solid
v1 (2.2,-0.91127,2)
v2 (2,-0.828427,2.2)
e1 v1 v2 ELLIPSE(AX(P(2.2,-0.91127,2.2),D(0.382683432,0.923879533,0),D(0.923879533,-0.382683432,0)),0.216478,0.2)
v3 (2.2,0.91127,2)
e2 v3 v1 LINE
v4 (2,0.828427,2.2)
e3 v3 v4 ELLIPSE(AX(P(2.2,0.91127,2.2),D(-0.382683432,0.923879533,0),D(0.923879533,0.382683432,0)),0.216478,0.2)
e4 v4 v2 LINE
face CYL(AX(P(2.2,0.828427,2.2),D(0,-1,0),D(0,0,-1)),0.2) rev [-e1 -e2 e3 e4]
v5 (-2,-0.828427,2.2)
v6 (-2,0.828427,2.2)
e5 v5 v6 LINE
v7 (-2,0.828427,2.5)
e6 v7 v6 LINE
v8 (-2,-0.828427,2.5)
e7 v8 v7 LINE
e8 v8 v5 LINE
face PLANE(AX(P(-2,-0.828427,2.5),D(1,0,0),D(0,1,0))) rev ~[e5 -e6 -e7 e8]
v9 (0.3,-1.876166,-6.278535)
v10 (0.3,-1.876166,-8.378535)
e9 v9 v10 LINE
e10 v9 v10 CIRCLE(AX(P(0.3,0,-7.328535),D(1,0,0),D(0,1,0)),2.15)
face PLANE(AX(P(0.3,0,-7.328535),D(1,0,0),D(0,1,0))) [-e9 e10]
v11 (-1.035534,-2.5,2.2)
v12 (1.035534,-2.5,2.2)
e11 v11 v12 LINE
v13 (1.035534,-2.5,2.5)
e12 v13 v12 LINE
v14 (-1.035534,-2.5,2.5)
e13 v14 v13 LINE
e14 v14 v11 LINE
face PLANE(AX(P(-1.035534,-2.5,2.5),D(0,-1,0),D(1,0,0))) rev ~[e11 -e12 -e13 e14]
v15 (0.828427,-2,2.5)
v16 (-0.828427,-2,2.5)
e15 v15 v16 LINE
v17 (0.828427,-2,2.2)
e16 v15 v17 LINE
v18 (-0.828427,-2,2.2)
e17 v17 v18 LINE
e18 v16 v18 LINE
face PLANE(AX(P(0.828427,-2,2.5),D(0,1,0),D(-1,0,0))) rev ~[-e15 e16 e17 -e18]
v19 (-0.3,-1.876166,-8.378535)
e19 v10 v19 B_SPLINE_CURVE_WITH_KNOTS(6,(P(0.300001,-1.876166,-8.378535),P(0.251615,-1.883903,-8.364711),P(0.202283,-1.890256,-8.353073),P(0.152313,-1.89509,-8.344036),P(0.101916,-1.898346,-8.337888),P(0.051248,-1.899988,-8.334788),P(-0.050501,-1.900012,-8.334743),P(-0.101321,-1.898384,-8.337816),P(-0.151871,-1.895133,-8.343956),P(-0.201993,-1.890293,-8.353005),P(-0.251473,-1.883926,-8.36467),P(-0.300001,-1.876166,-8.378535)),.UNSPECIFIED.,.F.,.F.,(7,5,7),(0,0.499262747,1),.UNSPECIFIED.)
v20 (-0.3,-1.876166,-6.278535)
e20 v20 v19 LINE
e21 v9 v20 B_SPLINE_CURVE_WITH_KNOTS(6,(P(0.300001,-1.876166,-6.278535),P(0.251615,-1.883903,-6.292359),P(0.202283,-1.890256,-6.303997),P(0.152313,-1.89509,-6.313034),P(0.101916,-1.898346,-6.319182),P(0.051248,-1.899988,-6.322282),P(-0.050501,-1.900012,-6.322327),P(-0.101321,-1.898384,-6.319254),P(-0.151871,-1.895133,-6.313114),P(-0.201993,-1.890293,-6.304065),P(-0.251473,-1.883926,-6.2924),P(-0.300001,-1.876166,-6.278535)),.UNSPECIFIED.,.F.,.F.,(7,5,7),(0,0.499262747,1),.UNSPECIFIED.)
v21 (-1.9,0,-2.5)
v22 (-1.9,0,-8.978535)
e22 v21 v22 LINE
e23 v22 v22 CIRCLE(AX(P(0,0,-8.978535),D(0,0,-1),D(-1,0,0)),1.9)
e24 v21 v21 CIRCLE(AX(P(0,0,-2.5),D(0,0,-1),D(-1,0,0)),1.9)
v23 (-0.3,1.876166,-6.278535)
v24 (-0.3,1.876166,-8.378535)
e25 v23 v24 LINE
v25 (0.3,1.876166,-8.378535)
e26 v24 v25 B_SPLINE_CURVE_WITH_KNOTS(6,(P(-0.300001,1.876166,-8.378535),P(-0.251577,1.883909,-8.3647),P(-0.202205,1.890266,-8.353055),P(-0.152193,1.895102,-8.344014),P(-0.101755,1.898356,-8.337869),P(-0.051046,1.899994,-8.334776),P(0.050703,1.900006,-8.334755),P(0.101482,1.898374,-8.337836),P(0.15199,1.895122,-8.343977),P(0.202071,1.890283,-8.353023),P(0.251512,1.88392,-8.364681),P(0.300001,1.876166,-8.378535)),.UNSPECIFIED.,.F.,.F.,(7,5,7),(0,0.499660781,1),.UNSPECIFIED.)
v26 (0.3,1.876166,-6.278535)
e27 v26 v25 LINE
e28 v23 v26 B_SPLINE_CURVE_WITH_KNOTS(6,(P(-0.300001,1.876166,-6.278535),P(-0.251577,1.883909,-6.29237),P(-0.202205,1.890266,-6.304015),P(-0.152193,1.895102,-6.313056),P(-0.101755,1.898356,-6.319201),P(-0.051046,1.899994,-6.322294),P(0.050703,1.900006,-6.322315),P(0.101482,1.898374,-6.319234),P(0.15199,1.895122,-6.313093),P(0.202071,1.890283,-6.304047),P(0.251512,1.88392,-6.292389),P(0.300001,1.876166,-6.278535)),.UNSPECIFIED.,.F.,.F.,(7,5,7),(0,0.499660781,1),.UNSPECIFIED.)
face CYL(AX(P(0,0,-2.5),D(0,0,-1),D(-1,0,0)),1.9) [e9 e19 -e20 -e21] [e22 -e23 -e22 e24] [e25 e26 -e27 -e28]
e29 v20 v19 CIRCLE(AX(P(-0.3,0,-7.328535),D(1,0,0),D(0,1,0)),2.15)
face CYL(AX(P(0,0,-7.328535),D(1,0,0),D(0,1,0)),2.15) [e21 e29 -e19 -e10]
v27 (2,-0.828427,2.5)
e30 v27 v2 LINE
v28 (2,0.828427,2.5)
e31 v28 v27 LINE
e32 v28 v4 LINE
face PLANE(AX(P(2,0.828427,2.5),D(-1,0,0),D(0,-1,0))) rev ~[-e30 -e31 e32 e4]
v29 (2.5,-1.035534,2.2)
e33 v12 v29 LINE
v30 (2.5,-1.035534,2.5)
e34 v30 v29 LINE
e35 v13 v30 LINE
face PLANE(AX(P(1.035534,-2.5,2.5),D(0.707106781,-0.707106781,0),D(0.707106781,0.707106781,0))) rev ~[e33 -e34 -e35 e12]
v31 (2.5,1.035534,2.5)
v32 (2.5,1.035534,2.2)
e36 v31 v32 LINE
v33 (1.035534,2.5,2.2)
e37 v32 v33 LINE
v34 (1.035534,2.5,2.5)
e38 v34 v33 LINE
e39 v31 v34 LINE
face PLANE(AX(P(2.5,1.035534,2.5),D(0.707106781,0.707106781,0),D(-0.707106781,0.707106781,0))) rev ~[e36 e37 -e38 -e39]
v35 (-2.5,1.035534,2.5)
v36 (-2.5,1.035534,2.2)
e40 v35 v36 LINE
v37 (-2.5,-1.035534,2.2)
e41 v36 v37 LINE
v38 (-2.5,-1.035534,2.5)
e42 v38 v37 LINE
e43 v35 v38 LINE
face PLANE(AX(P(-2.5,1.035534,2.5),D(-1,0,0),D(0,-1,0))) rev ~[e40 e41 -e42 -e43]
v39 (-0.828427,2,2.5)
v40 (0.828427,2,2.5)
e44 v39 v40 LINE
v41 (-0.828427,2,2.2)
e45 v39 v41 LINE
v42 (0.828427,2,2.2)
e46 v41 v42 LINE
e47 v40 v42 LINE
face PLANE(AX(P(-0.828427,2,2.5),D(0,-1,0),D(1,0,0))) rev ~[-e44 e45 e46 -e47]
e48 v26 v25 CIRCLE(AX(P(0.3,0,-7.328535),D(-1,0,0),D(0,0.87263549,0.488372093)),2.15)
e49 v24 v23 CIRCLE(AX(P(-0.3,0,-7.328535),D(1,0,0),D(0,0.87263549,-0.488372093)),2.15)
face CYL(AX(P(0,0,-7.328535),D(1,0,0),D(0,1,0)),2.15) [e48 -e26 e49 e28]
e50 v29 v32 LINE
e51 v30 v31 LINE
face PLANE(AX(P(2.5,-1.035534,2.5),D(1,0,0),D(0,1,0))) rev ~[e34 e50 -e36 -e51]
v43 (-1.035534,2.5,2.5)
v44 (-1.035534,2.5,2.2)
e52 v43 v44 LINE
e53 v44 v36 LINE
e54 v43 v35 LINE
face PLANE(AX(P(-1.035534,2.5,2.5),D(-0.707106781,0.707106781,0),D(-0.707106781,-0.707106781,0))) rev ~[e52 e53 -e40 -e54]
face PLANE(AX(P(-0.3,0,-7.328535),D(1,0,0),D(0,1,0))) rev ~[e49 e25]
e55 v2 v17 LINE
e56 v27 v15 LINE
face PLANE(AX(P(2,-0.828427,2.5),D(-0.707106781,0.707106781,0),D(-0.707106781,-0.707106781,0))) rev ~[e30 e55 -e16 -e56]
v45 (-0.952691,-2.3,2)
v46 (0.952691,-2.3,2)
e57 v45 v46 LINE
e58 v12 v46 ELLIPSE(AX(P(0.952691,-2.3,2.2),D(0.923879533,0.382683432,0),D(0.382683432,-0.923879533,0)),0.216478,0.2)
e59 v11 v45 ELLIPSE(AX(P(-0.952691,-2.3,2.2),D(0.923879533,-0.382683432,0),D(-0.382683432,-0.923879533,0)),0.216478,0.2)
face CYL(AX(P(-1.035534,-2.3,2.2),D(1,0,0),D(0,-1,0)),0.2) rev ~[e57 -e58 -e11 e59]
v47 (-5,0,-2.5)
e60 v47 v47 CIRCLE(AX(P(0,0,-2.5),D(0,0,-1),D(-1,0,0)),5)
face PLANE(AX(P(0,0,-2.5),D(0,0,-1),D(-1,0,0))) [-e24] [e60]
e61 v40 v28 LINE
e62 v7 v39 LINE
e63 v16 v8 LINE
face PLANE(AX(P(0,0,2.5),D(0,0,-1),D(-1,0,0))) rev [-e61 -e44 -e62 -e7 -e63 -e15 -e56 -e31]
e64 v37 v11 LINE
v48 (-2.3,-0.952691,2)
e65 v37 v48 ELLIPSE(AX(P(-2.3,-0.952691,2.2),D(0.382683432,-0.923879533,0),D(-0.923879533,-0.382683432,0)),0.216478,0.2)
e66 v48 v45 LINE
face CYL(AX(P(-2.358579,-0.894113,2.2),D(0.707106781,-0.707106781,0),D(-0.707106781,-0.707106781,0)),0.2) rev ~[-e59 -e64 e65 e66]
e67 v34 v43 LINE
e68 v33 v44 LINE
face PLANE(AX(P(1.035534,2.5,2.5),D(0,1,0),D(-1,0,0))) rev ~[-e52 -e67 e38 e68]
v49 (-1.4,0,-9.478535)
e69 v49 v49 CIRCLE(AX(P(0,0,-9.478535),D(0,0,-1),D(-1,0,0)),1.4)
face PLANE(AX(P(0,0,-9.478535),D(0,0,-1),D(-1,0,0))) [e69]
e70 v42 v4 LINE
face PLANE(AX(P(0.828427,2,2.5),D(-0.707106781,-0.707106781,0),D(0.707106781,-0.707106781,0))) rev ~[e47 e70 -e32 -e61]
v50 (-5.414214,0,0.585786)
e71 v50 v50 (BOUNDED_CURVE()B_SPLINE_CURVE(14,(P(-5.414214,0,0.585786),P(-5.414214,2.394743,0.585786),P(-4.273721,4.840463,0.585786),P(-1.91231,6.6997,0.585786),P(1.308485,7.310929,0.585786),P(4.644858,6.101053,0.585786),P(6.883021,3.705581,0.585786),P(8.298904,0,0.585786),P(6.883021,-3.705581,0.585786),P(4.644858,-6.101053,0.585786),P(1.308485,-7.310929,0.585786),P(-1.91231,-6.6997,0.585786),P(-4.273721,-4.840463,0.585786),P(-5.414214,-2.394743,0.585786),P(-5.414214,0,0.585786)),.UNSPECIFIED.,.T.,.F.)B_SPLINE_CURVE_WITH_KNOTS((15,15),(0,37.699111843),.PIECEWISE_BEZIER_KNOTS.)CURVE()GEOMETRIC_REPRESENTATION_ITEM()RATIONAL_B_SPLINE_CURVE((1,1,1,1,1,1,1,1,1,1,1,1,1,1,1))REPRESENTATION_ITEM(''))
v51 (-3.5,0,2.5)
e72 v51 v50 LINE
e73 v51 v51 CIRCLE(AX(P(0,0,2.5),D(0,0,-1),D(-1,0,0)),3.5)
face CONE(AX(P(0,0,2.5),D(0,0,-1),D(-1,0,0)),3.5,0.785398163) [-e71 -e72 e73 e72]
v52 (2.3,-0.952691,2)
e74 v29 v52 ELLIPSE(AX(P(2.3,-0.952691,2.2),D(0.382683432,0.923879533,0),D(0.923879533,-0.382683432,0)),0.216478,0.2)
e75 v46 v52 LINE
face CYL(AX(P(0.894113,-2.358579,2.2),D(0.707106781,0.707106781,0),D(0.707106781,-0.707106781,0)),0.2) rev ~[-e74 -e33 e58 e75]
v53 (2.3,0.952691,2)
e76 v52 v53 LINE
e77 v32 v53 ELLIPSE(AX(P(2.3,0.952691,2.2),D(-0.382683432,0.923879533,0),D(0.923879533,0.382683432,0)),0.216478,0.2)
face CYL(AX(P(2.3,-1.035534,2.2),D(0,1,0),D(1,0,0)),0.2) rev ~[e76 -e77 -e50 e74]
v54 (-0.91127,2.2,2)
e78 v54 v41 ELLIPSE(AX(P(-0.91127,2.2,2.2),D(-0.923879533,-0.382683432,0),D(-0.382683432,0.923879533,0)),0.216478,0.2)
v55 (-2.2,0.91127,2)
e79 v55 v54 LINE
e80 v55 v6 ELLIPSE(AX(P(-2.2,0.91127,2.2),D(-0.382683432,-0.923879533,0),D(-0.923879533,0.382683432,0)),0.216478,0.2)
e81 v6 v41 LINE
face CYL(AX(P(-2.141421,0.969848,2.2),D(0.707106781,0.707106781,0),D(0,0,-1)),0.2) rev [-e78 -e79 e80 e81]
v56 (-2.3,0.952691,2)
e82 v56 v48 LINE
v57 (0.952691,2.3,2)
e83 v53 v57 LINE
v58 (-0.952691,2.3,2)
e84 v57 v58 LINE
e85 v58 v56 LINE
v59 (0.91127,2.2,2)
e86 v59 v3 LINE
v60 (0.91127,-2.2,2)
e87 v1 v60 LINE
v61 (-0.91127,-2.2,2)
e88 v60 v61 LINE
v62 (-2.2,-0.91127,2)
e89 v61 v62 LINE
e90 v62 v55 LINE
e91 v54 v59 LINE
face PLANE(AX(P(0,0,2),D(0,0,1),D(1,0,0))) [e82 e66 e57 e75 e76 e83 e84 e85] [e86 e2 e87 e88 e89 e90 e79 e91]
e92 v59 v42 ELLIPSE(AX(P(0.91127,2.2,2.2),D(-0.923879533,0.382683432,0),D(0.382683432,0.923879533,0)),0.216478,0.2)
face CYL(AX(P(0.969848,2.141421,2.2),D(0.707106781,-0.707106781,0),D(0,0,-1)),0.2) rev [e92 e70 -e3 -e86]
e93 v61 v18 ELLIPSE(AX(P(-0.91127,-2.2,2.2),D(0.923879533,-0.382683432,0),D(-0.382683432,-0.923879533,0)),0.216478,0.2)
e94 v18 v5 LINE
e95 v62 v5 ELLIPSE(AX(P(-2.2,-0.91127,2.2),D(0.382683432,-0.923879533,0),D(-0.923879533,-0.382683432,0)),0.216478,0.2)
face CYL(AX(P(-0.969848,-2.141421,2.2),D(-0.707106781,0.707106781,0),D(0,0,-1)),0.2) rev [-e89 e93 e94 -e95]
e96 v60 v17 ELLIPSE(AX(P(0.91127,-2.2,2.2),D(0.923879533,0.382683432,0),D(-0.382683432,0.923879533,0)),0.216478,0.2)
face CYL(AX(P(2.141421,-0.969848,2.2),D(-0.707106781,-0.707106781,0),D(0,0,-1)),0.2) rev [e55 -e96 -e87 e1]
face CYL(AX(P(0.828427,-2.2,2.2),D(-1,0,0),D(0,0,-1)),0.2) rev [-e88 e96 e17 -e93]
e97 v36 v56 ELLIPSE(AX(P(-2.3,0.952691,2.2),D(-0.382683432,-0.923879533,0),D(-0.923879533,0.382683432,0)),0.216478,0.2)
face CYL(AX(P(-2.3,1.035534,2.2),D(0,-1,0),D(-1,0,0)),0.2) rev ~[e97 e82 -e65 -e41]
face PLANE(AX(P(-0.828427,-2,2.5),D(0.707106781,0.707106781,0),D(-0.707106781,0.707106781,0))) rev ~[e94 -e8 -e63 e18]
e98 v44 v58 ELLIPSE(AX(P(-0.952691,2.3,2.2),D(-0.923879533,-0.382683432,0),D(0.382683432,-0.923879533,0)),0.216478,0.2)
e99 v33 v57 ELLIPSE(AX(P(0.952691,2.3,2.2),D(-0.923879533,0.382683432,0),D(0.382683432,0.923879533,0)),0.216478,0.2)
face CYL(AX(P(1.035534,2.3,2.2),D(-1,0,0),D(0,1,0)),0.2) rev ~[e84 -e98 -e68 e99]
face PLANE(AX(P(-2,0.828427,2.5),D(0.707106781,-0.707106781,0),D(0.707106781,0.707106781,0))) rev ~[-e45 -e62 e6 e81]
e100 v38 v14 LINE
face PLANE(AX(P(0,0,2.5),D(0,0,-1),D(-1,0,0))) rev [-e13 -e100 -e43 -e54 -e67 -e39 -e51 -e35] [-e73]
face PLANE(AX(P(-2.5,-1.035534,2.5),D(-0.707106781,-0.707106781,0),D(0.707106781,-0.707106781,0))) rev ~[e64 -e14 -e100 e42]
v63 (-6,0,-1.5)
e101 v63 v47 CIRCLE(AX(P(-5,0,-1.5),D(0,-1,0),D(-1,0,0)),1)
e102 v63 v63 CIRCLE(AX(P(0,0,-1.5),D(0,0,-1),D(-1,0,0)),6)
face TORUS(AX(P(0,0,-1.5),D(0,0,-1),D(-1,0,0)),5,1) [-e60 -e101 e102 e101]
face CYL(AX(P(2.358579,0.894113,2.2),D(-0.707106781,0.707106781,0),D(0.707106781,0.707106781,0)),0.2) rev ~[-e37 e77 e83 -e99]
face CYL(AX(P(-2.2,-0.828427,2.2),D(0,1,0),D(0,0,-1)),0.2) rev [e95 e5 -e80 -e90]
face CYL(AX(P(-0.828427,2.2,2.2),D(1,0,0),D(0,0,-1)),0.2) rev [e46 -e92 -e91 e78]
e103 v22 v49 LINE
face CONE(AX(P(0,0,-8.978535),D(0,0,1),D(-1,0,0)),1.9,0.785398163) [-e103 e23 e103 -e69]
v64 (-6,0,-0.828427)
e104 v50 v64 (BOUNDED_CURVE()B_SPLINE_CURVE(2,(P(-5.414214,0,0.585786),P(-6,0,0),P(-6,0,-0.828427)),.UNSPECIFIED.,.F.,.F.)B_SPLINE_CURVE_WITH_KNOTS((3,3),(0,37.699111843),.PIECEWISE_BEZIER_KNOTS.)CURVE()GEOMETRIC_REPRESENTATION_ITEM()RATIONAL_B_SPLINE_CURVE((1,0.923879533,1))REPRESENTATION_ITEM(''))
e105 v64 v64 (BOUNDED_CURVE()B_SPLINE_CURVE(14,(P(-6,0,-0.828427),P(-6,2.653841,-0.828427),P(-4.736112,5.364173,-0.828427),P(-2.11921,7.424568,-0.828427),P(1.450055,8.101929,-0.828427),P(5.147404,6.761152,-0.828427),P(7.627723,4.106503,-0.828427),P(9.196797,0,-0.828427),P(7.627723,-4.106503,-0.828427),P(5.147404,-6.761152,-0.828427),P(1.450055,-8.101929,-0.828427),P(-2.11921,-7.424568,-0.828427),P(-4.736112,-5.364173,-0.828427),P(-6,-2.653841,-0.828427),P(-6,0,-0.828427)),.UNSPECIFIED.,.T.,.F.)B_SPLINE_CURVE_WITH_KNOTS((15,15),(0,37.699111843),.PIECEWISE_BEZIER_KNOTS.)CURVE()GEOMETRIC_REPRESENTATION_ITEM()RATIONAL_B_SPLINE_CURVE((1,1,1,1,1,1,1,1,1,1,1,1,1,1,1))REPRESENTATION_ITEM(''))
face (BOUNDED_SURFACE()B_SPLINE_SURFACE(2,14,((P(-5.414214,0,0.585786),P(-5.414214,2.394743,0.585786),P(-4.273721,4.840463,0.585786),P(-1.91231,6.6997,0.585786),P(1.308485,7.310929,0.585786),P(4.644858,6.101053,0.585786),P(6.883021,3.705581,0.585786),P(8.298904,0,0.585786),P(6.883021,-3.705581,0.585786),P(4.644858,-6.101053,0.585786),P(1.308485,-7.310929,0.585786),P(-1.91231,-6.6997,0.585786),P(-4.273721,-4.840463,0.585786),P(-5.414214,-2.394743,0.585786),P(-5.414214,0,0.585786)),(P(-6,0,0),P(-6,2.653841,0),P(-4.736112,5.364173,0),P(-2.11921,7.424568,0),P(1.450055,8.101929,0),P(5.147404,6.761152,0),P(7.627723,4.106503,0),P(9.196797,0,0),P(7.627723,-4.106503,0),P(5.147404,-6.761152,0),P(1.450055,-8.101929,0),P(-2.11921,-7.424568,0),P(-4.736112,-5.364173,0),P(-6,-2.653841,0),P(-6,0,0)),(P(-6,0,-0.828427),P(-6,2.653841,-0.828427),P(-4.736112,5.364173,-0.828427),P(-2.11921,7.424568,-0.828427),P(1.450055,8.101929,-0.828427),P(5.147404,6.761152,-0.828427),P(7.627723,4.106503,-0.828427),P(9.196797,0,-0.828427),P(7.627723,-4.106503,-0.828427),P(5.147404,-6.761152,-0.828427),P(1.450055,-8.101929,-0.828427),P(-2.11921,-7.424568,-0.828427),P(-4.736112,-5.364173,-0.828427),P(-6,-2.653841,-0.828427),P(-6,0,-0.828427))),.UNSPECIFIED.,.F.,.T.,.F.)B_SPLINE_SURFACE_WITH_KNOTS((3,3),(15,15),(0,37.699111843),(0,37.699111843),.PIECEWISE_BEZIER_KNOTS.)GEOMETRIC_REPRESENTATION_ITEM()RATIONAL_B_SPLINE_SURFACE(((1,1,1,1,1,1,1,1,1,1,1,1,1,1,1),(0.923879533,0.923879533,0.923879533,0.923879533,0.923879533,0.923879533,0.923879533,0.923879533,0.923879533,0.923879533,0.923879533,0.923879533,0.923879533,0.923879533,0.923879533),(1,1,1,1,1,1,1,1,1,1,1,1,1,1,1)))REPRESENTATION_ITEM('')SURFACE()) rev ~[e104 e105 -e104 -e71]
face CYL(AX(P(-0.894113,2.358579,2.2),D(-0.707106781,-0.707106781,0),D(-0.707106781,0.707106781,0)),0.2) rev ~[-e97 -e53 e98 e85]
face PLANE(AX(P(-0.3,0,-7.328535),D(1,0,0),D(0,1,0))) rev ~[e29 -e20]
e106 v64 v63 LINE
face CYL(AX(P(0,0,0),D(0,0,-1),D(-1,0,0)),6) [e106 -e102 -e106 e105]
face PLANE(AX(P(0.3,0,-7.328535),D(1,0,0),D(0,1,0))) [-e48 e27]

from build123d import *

# Parameters (mm, degrees)
F2_R     = 2
F3_R     = 1
F4_R     = 2.15
F5_DEPTH = 0.3
F7_DEPTH = 0.5
F8_R     = 0.2
F9_SIZE  = 0.5


with BuildPart() as f1:
    # F0 (on Front) → F1 (revolve)
    with BuildSketch(Plane.XZ):
        Polygon((-1.9, -9.478535), (0, -9.478535), (0, 2.5), (-3.5, 2.5), (-6, 0), (-6, -2.5), (-1.9, -2.5), align=None)
    revolve(axis=Axis((0, 0, -3.489268), (0, 0, -1)))

    # F2
    f2_edges = [f1.edges().sort_by_distance(p)[0] for p in [
        (6, 0, 0),
    ]]
    fillet(f2_edges, radius=F2_R)

    # F3
    f3_edges = [f1.edges().sort_by_distance(p)[0] for p in [
        (6, 0, -2.5),
    ]]
    fillet(f3_edges, radius=F3_R)

    # F4 (on Right) → F5 (join, symmetric)
    with BuildSketch(Plane.YZ):
        with Locations((0, -7.328535)):
            Circle(F4_R)
    extrude(amount=F5_DEPTH, both=True)

    # F6 (on face) → F7 (cut)
    with BuildSketch(Plane.XY.offset(2.5)):
        Polygon((-1.035534, 2.5), (-2.5, 1.035534), (-2.5, -1.035534), (-1.035534, -2.5), (1.035534, -2.5), (2.5, -1.035534), (2.5, 1.035534), (1.035534, 2.5), align=None)
        Polygon((-2, -0.828427), (-2, 0.828427), (-0.828427, 2), (0.828427, 2), (2, 0.828427), (2, -0.828427), (0.828427, -2), (-0.828427, -2), align=None, mode=Mode.SUBTRACT)
    extrude(amount=-F7_DEPTH, mode=Mode.SUBTRACT)

    # F8
    f8_edges = [f1.edges().sort_by_distance(p)[0] for p in [
        (-1.767767, 1.767767, 2),
        (-2.5, 0, 2),
        (-1.767767, -1.767767, 2),
        (0, -2.5, 2),
        (1.767767, -1.767767, 2),
        (2.5, 0, 2),
        (1.767767, 1.767767, 2),
        (0, 2.5, 2),
        (0, -2, 2),
        (-1.414214, -1.414214, 2),
        (-2, 0, 2),
        (-1.414214, 1.414214, 2),
        (0, 2, 2),
        (1.414214, 1.414214, 2),
        (2, 0, 2),
        (1.414214, -1.414214, 2),
    ]]
    fillet(f8_edges, radius=F8_R)

    # F9
    f9_edges = [f1.edges().sort_by_distance(p)[0] for p in [
        (1.9, 0, -9.478535),
    ]]
    chamfer(f9_edges, length=F9_SIZE)


solid = f1.part
